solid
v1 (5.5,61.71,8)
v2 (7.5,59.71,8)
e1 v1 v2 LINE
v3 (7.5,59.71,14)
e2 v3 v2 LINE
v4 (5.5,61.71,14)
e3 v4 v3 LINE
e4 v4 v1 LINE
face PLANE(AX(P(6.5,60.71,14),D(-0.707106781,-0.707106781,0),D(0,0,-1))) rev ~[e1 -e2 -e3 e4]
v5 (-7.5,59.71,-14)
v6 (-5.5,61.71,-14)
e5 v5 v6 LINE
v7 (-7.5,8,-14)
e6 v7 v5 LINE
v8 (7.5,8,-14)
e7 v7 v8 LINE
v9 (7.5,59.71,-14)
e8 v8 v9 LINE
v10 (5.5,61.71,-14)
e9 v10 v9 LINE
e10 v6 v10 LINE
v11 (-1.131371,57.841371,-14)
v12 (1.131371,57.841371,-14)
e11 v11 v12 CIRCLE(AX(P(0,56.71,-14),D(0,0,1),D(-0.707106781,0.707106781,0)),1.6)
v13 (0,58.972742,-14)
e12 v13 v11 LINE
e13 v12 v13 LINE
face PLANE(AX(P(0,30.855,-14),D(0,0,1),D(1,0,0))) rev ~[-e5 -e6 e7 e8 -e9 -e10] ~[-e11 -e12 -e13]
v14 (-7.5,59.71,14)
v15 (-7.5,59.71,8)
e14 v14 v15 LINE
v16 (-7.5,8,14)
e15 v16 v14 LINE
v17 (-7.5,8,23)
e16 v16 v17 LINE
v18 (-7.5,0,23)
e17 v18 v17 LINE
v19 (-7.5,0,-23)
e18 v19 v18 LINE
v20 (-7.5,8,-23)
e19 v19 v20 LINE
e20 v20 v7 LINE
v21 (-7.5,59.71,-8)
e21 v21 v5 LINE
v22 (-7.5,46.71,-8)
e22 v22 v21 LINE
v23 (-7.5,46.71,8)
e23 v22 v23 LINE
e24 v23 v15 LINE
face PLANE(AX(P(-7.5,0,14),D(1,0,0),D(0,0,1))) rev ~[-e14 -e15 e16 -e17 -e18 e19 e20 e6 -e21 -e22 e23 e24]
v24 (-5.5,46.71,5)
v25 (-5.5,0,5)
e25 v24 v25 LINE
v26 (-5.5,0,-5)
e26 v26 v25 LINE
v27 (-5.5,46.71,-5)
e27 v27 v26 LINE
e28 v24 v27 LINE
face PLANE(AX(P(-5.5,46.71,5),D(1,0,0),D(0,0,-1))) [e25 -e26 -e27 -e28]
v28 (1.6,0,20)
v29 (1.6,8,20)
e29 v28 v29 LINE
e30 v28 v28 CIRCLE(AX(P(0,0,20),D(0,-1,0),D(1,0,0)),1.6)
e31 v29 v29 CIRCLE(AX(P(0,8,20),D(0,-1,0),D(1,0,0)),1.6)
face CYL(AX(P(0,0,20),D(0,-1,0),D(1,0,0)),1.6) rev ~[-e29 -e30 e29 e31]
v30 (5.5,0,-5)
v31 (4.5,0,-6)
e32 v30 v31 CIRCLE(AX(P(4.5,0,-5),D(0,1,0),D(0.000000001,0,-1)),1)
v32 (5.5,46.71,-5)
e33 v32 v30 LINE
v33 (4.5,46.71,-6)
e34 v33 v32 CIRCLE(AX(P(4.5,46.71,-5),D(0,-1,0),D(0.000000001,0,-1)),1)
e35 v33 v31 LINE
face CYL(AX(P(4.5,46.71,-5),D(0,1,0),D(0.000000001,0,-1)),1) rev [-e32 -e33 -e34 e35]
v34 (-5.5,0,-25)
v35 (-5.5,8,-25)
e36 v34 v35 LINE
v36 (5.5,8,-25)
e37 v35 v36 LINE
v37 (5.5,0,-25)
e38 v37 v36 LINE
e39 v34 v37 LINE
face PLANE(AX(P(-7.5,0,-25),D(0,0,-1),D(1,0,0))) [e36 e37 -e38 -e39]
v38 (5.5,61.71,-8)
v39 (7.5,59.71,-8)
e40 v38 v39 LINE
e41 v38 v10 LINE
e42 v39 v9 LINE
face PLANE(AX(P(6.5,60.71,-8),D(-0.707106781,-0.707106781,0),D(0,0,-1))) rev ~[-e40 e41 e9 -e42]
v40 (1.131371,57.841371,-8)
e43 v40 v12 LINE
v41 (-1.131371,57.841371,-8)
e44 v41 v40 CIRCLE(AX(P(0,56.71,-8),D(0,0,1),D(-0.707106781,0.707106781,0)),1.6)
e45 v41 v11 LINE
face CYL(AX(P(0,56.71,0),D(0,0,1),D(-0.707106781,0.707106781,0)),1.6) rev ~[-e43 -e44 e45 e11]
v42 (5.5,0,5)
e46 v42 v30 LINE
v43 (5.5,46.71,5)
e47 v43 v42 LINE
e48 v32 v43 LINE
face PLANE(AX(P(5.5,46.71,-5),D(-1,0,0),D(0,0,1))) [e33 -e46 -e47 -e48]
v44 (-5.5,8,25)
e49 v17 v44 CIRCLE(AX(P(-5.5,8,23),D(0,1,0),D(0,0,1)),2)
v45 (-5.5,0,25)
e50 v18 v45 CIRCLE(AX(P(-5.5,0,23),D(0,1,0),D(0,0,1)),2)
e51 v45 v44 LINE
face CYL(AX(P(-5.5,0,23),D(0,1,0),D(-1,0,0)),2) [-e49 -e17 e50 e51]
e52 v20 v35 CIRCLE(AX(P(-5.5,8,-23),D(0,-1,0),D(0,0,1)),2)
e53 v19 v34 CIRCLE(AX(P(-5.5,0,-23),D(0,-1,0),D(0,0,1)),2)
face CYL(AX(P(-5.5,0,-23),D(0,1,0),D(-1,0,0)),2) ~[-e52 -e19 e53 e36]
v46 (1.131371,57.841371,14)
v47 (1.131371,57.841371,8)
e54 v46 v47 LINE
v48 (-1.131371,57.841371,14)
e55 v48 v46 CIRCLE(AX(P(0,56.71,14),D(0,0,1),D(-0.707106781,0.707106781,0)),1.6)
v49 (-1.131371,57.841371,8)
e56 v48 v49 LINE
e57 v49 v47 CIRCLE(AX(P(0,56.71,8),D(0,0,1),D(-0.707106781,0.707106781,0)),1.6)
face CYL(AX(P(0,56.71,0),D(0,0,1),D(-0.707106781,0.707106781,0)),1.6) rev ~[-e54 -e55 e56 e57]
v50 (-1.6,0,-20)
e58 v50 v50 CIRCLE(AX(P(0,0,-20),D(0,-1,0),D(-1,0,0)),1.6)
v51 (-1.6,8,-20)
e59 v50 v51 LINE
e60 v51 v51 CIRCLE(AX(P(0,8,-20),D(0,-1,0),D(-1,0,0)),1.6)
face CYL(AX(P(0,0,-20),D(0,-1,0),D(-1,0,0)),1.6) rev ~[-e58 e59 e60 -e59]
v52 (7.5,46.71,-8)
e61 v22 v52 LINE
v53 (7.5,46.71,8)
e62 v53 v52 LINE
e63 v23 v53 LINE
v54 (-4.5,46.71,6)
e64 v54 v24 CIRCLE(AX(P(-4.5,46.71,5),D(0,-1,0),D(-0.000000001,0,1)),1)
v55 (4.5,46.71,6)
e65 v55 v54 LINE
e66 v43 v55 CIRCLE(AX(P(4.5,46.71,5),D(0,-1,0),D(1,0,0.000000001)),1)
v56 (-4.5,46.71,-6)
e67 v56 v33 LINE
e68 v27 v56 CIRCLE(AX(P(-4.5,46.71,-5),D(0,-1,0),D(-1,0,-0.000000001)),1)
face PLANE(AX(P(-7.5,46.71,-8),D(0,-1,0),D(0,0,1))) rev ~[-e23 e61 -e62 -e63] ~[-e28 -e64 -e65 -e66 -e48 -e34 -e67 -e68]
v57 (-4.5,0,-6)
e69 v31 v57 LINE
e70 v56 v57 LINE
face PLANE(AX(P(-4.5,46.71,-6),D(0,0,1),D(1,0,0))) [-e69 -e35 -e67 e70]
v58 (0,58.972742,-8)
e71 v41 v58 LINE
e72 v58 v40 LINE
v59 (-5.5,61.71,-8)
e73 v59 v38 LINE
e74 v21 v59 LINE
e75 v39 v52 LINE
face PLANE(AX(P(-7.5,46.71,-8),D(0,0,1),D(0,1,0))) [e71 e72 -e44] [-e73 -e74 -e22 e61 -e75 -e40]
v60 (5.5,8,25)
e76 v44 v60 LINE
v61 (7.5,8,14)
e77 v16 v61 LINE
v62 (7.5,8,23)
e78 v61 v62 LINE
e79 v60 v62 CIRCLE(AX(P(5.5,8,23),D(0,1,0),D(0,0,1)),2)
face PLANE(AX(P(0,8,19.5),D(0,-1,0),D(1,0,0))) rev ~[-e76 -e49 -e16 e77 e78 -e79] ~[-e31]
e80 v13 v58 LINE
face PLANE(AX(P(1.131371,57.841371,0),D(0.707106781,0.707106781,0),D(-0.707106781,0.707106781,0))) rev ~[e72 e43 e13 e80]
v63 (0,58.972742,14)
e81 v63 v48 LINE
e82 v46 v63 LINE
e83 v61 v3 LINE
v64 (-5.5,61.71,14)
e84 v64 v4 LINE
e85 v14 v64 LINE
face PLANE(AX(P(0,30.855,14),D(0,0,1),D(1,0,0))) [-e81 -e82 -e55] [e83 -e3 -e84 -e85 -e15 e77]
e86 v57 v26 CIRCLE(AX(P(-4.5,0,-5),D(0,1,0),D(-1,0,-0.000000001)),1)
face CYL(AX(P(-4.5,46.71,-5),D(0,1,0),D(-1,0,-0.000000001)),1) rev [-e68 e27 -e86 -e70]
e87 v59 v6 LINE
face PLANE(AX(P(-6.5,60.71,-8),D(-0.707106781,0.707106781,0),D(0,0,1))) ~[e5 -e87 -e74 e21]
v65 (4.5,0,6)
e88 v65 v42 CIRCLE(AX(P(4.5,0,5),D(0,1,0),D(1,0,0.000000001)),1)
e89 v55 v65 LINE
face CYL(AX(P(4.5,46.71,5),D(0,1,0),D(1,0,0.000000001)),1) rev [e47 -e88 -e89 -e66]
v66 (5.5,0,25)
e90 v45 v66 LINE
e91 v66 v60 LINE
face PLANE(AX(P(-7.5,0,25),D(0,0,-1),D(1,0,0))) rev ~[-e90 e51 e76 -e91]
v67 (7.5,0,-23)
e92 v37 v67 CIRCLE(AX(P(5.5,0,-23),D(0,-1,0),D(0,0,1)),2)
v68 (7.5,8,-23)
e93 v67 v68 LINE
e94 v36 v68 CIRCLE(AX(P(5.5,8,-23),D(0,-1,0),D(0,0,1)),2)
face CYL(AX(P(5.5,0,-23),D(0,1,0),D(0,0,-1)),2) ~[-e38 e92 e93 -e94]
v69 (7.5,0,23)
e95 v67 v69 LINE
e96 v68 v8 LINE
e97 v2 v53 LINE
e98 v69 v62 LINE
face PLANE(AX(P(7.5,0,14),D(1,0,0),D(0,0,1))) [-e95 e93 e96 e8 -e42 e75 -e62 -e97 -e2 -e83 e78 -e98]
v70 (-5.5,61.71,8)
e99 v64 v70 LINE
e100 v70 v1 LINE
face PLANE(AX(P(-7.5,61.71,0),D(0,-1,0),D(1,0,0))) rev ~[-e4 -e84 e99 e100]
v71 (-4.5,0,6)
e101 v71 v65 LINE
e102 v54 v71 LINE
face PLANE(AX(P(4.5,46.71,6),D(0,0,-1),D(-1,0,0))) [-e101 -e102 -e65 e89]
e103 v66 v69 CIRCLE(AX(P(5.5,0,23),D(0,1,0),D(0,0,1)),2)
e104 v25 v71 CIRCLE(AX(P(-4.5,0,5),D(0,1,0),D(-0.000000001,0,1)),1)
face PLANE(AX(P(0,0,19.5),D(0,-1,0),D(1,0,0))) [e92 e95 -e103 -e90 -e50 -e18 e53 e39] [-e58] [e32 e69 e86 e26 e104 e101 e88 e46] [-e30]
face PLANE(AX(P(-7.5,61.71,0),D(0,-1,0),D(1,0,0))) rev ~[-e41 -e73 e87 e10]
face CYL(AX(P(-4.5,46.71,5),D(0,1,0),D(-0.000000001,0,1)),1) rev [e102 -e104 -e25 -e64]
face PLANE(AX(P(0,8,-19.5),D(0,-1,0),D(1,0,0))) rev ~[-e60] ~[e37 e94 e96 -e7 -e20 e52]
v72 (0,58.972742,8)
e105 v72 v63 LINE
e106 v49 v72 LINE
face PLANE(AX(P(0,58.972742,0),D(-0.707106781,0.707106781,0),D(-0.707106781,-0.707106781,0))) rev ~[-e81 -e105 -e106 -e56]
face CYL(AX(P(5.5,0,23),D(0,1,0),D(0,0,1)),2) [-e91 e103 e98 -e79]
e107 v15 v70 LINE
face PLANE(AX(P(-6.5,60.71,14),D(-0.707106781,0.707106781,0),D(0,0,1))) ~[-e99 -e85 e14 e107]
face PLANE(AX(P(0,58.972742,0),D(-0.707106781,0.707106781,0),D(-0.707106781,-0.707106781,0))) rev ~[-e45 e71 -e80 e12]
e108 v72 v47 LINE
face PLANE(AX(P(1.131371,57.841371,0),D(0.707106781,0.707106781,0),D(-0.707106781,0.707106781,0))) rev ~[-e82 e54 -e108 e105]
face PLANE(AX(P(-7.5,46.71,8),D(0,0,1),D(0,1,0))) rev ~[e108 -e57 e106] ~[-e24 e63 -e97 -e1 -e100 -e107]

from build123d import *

# Parameters (mm, degrees)
SKETCH_1_W          = 15
SKETCH_1_H          = 61.71
EXTRUDE_1_DEPTH     = 14
SKETCH_2_W          = 16
SKETCH_2_H          = 15
CUT_EXTRUDE_1_DEPTH = 28
SKETCH_3_W          = 15
SKETCH_3_H          = 11
SKETCH_3_R          = 1.6
EXTRUDE_2_DEPTH     = 8
CUT_EXTRUDE_2_DEPTH = 61
CHAMFER_1_SIZE      = 2
FILLET_1_R          = 2


with BuildPart() as part:
    # 草图1 → 凸台-拉伸1 (new, symmetric)
    with BuildSketch(Plane.XY):
        with Locations((0, 30.855)):
            Rectangle(SKETCH_1_W, SKETCH_1_H)
        with BuildLine():
            Line((0, 58.9727417), (-1.13137085, 57.84137085))
            ThreePointArc((-1.13137085, 57.84137085), (0, 55.11), (1.13137085, 57.84137085))
            Line((1.13137085, 57.84137085), (0, 58.9727417))
        make_face(mode=Mode.SUBTRACT)
    extrude(amount=EXTRUDE_1_DEPTH, both=True)

    # 草图2 → 切除-拉伸1 (cut)
    with BuildSketch(Plane.ZY.offset(7.5)):
        with Locations((0, 54.21)):
            Rectangle(SKETCH_2_W, SKETCH_2_H)
    extrude(amount=-CUT_EXTRUDE_1_DEPTH, mode=Mode.SUBTRACT)

    # 草图3 → 凸台-拉伸2 (add)
    # profile 1 of 2: a face of its own
    with BuildSketch(Plane.XZ):
        with Locations((0, 19.5)):
            Rectangle(SKETCH_3_W, SKETCH_3_H)
        with Locations((0, 20)):
            Circle(SKETCH_3_R, mode=Mode.SUBTRACT)
    # profile 2 of 2: a face of its own
    with BuildSketch(Plane.XZ):
        with Locations((0, -19.5)):
            Rectangle(SKETCH_3_W, SKETCH_3_H)
        with Locations(Location((0, -20, 0), (0, 0, 180))):
            Circle(SKETCH_3_R, mode=Mode.SUBTRACT)
    extrude(amount=-EXTRUDE_2_DEPTH)

    # 草图4 → 切除-拉伸2 (cut)
    with BuildSketch(Plane(origin=(0, 46.71, 0), x_dir=(1, 0, 0), z_dir=(0, 1, 0))):
        with BuildLine():
            Line((4.5, -6), (-4.5, -6))
            ThreePointArc((-4.5, -6), (-5.207106781, -5.707106781), (-5.5, -5))
            Line((-5.5, -5), (-5.5, 5))
            ThreePointArc((-5.5, 5), (-5.207106781, 5.707106781), (-4.5, 6))
            Line((-4.5, 6), (4.5, 6))
            ThreePointArc((4.5, 6), (5.207106781, 5.707106781), (5.5, 5))
            Line((5.5, 5), (5.5, -5))
            ThreePointArc((5.5, -5), (5.207106781, -5.707106781), (4.5, -6))
        make_face()
    extrude(amount=-CUT_EXTRUDE_2_DEPTH, mode=Mode.SUBTRACT)

    # 倒角1
    chamfer_1_edges = [part.edges().sort_by_distance(p)[0] for p in [
        (-7.5, 61.71, -11),
        (7.5, 61.71, -11),
        (-7.5, 61.71, 11),
        (7.5, 61.71, 11),
    ]]
    chamfer(chamfer_1_edges, length=CHAMFER_1_SIZE)

    # 圆角1
    fillet_1_edges = [part.edges().sort_by_distance(p)[0] for p in [
        (7.5, 4, 25),
        (-7.5, 4, 25),
        (7.5, 4, -25),
        (-7.5, 4, -25),
    ]]
    fillet(fillet_1_edges, radius=FILLET_1_R)


solid = part.part
